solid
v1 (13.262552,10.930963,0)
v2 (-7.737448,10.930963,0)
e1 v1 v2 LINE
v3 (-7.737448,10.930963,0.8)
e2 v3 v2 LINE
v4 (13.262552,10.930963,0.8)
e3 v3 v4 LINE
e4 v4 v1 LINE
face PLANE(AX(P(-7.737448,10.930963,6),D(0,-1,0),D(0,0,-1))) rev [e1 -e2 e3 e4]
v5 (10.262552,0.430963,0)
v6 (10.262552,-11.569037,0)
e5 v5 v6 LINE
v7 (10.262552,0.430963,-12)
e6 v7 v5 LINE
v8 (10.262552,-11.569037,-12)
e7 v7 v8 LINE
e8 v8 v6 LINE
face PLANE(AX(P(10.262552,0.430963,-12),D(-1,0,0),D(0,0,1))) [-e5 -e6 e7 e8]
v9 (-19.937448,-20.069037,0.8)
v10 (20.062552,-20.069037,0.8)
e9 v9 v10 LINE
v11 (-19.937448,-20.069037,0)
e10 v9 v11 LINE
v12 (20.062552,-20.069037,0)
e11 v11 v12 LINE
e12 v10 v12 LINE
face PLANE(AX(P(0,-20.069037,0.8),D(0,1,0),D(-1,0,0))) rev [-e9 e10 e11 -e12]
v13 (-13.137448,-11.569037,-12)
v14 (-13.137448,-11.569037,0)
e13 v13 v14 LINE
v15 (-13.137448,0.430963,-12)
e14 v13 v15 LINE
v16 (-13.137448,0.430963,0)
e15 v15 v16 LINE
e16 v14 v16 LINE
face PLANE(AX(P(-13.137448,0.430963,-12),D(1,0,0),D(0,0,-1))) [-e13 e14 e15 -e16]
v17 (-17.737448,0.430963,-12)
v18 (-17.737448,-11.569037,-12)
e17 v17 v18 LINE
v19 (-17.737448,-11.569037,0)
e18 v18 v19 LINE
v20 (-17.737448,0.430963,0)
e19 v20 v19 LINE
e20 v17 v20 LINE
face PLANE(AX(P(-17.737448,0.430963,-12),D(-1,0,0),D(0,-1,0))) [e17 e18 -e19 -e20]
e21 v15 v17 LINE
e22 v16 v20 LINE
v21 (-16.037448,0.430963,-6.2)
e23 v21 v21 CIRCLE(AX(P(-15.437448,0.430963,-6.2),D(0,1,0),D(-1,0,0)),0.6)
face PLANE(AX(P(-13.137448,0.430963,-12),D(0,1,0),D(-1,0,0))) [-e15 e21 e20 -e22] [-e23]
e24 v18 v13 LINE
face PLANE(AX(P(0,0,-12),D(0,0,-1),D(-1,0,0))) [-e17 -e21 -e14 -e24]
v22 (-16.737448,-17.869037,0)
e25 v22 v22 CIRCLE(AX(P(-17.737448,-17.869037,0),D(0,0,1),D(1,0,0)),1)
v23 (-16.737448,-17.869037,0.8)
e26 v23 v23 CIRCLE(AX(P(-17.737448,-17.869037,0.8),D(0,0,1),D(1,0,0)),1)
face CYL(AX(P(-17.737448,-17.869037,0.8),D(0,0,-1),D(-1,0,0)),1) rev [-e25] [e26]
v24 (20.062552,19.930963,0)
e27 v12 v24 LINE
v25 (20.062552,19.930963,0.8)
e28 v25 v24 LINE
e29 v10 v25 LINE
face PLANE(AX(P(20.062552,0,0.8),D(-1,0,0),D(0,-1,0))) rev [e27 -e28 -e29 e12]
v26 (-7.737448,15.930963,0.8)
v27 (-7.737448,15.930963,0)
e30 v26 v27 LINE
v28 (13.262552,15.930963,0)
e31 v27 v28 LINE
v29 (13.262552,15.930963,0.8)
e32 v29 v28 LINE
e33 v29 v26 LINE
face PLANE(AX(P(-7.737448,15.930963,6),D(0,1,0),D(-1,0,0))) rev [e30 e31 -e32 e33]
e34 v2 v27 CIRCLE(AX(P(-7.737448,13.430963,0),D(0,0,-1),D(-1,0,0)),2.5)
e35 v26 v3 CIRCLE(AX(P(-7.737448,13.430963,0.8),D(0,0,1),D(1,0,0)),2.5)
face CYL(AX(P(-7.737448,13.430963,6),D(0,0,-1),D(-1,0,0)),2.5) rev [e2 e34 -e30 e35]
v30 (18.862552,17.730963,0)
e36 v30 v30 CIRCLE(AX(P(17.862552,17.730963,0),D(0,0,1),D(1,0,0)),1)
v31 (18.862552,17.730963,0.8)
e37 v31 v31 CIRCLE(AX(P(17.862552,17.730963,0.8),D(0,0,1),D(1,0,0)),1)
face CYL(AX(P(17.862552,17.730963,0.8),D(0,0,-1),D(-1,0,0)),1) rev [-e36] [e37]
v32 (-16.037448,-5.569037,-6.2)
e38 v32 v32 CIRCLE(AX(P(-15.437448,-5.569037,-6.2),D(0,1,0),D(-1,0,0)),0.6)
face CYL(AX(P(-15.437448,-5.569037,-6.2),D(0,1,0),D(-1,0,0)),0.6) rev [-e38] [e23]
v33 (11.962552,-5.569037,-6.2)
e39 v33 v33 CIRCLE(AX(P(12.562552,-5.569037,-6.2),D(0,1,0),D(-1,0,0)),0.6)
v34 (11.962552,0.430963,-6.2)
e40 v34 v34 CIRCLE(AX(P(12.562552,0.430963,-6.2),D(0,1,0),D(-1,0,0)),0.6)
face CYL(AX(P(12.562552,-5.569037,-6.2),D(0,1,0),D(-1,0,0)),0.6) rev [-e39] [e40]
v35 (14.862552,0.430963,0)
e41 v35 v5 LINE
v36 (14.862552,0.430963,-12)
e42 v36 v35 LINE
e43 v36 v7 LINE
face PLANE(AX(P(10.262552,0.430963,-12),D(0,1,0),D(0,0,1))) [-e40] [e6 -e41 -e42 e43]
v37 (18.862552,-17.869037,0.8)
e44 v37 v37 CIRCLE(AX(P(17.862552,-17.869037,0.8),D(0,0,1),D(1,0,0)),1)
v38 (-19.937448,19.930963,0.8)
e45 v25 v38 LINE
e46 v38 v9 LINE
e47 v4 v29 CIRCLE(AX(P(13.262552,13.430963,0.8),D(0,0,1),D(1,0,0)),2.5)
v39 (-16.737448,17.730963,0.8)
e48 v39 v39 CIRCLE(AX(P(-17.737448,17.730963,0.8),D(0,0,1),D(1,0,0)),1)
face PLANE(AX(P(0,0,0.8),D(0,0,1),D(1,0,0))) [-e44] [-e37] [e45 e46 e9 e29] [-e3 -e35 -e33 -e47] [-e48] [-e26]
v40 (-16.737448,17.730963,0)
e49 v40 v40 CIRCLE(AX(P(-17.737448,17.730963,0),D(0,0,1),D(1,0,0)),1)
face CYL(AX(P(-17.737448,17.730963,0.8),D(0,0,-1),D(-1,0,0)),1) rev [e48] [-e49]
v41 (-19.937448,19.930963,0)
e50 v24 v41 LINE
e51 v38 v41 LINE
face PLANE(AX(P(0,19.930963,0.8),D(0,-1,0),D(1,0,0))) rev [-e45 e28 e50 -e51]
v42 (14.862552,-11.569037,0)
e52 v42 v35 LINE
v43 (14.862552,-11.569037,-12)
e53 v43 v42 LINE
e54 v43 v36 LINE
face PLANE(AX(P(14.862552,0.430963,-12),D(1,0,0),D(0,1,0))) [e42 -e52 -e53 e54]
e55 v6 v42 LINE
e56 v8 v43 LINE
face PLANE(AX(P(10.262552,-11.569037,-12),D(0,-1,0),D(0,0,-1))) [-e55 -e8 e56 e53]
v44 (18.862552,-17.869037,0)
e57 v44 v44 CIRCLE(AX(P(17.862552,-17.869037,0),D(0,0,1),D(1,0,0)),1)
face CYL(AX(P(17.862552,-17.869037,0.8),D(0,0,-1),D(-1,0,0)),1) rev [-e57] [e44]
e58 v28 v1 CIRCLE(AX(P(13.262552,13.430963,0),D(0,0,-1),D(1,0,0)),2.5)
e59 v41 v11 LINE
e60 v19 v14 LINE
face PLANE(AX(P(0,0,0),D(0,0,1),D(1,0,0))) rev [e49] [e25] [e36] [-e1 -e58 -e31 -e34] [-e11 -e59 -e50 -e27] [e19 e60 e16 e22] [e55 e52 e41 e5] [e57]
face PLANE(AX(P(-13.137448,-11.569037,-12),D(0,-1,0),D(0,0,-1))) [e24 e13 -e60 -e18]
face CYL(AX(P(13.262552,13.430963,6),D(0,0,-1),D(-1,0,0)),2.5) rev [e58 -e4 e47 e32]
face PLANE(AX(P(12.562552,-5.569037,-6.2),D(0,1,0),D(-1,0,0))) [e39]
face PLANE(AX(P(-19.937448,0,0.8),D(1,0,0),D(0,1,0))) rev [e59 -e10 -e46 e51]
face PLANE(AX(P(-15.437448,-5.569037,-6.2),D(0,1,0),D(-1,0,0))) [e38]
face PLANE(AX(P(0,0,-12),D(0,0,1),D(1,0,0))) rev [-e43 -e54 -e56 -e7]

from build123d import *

# Parameters (mm, degrees)
SKETCH1_W           = 40
SKETCH1_H           = 40
SKETCH1_R           = 1
BOSS_EXTRUDE1_DEPTH = 0.8
SKETCH4_W           = 4.6
SKETCH4_H           = 12
BOSS_EXTRUDE2_DEPTH = 12.8
SKETCH5_R           = 0.6
CUT_EXTRUDE1_DEPTH  = 6
CUT_EXTRUDE2_DEPTH  = 6


with BuildPart() as part:
    # Sketch1 → Boss-Extrude1 (new body)
    with BuildSketch(Plane.XY):
        with Locations((0.062552029, -0.069037071)):
            Rectangle(SKETCH1_W, SKETCH1_H)
        with Locations((17.862552029, -17.869037071)):
            Circle(SKETCH1_R, mode=Mode.SUBTRACT)
        with Locations((17.862552029, 17.730962929)):
            Circle(SKETCH1_R, mode=Mode.SUBTRACT)
        with Locations((-17.737447971, 17.730962929)):
            Circle(SKETCH1_R, mode=Mode.SUBTRACT)
        with Locations((-17.737447971, -17.869037071)):
            Circle(SKETCH1_R, mode=Mode.SUBTRACT)
    extrude(amount=BOSS_EXTRUDE1_DEPTH)

    # Sketch4 → Boss-Extrude2 (add)
    with BuildSketch(Plane.XY.offset(0.8)):
        with Locations((12.562552029, -5.569037071)):
            Rectangle(SKETCH4_W, SKETCH4_H)
        with Locations((-15.437447971, -5.569037071)):
            Rectangle(SKETCH4_W, SKETCH4_H)
    extrude(amount=-BOSS_EXTRUDE2_DEPTH)

    # Sketch5 → Cut-Extrude1 (cut)
    with BuildSketch(Plane(origin=(0, 0.430962929, 0), x_dir=(1, 0, 0), z_dir=(0, 1, 0))):
        with Locations(Location((-15.437447971, 6.2, 0), (0, 0, 180))):
            Circle(SKETCH5_R)
        with Locations(Location((12.562552029, 6.2, 0), (0, 0, 180))):
            Circle(SKETCH5_R)
    extrude(amount=-CUT_EXTRUDE1_DEPTH, mode=Mode.SUBTRACT)

    # Sketch6 → Cut-Extrude2 (cut)
    with BuildSketch(Plane(origin=(0, 0, 0), x_dir=(-1, 0, 0), z_dir=(0, 0, -1))):
        with BuildLine():
            Line((7.737447971, 10.930962929), (-13.262552029, 10.930962929))
            ThreePointArc((-13.262552029, 10.930962929), (-15.762552029, 13.430962929), (-13.262552029, 15.930962929))
            Line((-13.262552029, 15.930962929), (7.737447971, 15.930962929))
            ThreePointArc((7.737447971, 15.930962929), (10.237447971, 13.430962929), (7.737447971, 10.930962929))
        make_face()
    extrude(amount=-CUT_EXTRUDE2_DEPTH, mode=Mode.SUBTRACT)


solid = part.part
